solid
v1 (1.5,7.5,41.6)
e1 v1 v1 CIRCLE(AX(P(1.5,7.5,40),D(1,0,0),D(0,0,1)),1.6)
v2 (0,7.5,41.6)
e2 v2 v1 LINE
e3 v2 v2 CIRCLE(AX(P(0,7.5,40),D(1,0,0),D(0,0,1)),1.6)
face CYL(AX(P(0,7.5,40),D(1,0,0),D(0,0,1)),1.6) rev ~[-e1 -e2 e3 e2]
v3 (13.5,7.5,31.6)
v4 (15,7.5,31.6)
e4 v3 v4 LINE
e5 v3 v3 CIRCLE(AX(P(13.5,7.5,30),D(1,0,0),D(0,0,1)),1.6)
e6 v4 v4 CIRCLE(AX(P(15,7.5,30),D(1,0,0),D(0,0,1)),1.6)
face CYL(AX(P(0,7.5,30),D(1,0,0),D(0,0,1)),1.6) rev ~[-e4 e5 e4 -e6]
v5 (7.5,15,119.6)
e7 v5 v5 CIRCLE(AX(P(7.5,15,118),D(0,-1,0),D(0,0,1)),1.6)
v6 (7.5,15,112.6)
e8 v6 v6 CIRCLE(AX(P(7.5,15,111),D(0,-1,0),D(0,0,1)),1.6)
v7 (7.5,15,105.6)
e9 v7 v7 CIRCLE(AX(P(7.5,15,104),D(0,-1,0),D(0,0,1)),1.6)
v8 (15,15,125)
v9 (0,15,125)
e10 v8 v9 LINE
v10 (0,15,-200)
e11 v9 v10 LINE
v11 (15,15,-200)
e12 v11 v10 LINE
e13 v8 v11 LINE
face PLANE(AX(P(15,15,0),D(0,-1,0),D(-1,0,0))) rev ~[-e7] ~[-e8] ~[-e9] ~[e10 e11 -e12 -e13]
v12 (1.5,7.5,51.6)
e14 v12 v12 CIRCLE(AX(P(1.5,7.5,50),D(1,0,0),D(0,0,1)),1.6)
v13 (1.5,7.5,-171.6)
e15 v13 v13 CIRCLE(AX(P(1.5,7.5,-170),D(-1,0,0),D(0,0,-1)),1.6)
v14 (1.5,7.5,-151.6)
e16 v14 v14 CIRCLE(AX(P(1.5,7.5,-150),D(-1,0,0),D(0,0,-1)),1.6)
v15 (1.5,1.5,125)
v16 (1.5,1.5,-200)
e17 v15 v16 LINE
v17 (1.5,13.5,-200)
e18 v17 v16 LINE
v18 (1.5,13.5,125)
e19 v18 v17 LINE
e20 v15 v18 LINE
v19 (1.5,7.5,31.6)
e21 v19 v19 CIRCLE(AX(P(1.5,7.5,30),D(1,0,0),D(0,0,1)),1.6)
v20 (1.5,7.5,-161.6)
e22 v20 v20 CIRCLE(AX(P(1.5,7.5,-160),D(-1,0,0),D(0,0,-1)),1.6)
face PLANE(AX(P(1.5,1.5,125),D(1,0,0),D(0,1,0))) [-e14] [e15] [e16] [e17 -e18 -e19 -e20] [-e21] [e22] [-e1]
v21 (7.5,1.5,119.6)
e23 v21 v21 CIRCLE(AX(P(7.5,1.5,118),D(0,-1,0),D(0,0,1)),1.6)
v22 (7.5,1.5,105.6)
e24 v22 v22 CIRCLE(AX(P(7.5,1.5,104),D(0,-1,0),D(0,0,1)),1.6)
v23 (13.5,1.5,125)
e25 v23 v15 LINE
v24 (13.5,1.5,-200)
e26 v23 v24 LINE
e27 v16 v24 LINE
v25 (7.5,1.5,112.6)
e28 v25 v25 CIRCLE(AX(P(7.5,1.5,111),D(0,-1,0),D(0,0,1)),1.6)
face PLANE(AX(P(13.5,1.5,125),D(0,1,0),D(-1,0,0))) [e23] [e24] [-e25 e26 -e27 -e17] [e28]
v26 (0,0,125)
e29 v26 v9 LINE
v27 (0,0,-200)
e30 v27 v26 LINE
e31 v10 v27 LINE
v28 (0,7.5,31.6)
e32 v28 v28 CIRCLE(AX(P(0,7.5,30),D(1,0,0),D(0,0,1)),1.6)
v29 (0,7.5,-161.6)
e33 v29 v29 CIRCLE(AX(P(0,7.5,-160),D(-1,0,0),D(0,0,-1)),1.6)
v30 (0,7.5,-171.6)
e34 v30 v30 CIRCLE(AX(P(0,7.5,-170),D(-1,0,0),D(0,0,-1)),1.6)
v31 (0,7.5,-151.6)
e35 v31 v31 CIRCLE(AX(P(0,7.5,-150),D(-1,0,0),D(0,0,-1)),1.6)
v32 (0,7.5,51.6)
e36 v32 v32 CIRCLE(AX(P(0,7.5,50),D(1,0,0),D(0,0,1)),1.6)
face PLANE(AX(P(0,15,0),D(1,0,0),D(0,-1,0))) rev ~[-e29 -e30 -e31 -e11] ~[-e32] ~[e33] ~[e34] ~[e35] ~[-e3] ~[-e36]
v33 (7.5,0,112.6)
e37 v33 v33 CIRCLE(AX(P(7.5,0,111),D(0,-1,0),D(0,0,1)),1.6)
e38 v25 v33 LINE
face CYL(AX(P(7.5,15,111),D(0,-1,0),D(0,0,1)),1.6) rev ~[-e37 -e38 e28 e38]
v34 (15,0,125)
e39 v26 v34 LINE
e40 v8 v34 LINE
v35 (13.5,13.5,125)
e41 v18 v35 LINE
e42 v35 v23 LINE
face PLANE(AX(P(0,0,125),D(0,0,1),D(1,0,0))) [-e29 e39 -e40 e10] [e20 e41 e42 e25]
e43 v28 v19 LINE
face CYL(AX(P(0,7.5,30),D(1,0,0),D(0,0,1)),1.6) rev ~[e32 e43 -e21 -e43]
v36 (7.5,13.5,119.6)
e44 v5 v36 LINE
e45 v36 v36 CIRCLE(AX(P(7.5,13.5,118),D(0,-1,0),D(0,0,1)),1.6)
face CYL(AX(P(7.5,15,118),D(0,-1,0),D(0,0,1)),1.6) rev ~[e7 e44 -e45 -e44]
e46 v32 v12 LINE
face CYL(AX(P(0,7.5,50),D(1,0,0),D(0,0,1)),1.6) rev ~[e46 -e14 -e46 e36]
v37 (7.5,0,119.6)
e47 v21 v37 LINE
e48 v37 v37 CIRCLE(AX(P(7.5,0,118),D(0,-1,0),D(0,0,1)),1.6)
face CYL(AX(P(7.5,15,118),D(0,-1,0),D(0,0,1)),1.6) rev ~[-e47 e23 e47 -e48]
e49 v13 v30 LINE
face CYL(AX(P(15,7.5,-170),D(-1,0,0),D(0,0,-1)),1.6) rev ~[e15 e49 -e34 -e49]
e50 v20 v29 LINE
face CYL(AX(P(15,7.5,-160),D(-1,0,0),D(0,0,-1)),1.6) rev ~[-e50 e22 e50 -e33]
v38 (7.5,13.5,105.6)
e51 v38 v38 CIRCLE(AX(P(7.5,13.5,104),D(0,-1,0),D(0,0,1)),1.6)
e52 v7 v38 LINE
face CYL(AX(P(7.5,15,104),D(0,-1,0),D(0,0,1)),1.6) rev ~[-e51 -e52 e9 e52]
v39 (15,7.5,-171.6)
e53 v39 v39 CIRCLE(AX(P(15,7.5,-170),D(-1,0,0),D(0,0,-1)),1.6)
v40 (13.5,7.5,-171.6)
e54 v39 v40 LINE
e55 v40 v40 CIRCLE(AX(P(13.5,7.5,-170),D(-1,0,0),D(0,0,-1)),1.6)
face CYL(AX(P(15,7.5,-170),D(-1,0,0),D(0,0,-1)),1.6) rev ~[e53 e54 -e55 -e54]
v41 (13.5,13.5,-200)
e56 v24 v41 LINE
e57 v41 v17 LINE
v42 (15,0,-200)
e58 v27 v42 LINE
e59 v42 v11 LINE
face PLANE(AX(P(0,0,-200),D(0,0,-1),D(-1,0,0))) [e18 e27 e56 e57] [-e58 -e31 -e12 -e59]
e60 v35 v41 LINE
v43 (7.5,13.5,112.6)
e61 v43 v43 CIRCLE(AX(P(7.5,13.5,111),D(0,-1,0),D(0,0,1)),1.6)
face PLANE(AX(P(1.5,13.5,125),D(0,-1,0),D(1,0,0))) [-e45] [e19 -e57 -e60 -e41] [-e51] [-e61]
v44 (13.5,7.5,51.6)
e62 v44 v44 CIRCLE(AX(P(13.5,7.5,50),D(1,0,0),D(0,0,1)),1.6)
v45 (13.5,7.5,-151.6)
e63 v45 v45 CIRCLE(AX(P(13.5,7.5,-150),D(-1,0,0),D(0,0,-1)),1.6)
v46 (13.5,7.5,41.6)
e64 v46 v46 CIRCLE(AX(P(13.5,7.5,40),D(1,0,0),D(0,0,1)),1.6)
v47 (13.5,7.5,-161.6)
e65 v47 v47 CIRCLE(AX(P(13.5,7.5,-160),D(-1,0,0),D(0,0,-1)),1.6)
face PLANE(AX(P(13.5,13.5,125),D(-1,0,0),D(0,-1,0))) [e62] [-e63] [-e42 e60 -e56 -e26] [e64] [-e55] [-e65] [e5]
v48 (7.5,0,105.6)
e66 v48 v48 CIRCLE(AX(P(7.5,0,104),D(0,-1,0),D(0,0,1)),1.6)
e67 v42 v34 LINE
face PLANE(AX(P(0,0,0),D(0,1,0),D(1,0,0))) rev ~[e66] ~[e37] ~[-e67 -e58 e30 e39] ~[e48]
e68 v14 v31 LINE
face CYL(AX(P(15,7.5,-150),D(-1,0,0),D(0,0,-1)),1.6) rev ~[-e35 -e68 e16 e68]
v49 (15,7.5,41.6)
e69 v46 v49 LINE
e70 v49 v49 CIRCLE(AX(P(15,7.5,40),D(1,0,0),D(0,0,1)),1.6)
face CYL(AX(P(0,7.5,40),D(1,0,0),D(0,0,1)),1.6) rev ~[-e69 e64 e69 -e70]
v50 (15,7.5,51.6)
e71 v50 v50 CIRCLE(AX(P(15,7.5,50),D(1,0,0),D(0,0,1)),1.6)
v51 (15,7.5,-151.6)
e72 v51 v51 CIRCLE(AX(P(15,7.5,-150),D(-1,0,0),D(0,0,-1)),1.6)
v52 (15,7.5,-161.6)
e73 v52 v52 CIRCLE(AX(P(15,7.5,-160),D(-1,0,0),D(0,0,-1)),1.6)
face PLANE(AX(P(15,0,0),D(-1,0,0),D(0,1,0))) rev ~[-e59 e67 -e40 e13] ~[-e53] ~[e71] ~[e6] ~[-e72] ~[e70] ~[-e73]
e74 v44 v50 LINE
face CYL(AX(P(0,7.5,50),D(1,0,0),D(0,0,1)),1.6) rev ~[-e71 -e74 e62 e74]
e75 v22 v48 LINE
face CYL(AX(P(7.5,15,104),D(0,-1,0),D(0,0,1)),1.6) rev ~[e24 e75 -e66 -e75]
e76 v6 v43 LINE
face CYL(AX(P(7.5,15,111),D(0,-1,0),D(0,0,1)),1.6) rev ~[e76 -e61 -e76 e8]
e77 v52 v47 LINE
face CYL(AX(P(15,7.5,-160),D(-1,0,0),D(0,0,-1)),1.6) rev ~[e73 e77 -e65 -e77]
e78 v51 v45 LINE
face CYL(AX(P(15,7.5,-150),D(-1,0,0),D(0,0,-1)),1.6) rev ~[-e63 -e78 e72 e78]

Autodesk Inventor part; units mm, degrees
ref_plane "YZ Plane" through (0, 0, 0) normal (1, 0, 0) x (0, 1, 0)
ref_plane "XZ Plane" through (0, 0, 0) normal (0, 1, 0) x (-1, 0, 0)
ref_plane "XY Plane" through (0, 0, 0) normal (0, 0, 1) x (1, 0, 0)
sketch "スケッチ1" plane through (0, 0, 0) normal (0, 0, 1) x (1, 0, 0)
  line L0 (0, 0) -> (15, 0)
  line L1 (15, 0) -> (15, 15)
  line L2 (15, 15) -> (0, 15)
  line L3 (0, 15) -> (0, 0)
  dimension "d0" = 15
  dimension "d1" = 15
extrude "押し出し1" add sketch "スケッチ1" along normal blind 140
sketch "スケッチ3" plane through (0, 0, 0) normal (0, 0, -1) x (-1, 0, 0)
  line L0 (0, 0) -> (-15, 0)
  line L1 (-15, 0) -> (-15, 15)
  line L2 (-15, 15) -> (0, 15)
  line L3 (0, 15) -> (0, 0)
  dimension "d18" = 15
  dimension "d19" = 15
extrude "押し出し2" add sketch "スケッチ3" along normal blind 200
sketch "スケッチ4" plane through (0, 0, -200) normal (0, 0, -1) x (-1, 0, 0)
  point P0 (0, 0)
sketch "スケッチ6" plane through (0, 0, 140) normal (0, 0, 1) x (1, 0, 0)
  line L0 (0, 0) -> (0, 15) projected
  line L1 (15, 15) -> (15, 0) projected
  line L2 (0, 0) -> (15, 0)
  line L3 (15, 0) -> (15, 15)
  line L4 (15, 15) -> (0, 15)
  line L5 (0, 15) -> (0, 0)
extrude "押し出し3" cut sketch "スケッチ6" against normal blind 15
sketch "スケッチ7" plane through (0, 0, 125) normal (0, 0, 1) x (1, 0, 0)
  point P0 (0, 0)
  point P1 (0, 0)
sketch "スケッチ8" plane through (0, 0, -200) normal (-1, 0, 0) x (0, 0, 1)
  circle A0 centre (240, 7.5) radius 1.6
  line L0 (0, 15) -> (325, 15) projected
  line L1 (325, 0) -> (325, 15) projected
  point P0 (200, 0)
  dimension "d34" = 3.2
  dimension "d35" = 7.5
  dimension "d36" = 85
hole "穴3" at (0, 7.5, 40) direction (1, 0, 0) diameter 3.2 end through all
sketch "スケッチ9" plane through (0, 0, -200) normal (-1, 0, 0) x (0, 0, 1)
  circle A0 centre (250, 7.5) radius 1.6
  line L0 (0, 0) -> (325, 0) projected
  line L1 (325, 0) -> (325, 15) projected
  circle A1 centre (230, 7.5) radius 1.6
  point P0 (200, 0)
  dimension "d44" = 3.2
  dimension "d45" = 7.5
  dimension "d46" = 75
  dimension "d47" = 3.2
  dimension "d48" = 7.5
  dimension "d49" = 20
hole "穴4" at (0, 7.5, 30) at (0, 7.5, 50) direction (1, 0, 0) diameter 3.2 end through all
sketch "スケッチ10" plane through (0, 15, -200) normal (0, 1, 0) x (1, 0, 0)
  circle A0 centre (7.5, -318) radius 1.6
  line L0 (0, 0) -> (0, -325) projected
  line L1 (0, -325) -> (15, -325) projected
  circle A1 centre (7.5, -311) radius 1.6
  circle A2 centre (7.5, -304) radius 1.6
  point P0 (0, -200)
  dimension "d57" = 3.2
  dimension "d58" = 7.5
  dimension "d59" = 7
  dimension "d60" = 3.2
  dimension "d61" = 3.2
  dimension "d62" = 7
  dimension "d63" = 7
hole "穴5" at (7.5, 15, 104) at (7.5, 15, 111) at (7.5, 15, 118) direction (0, -1, 0) diameter 3.2 end through all
sketch "スケッチ11" plane through (15, 0, -200) normal (1, 0, 0) x (0, 0, -1)
  line L0 (0, 15) -> (0, 0) projected
  line L1 (-325, 0) -> (0, 0) projected
  point P0 (-200, 0)
  point P1 (-30, 7.5)
  point P2 (-40, 7.5)
  point P3 (-50, 7.5)
  dimension "d71" = 30
  dimension "d72" = 7.5
  dimension "d73" = 10
  dimension "d74" = 10
hole "穴6" at (15, 7.5, -150) at (15, 7.5, -160) at (15, 7.5, -170) direction (-1, 0, 0) diameter 3.2 end through all
sketch "スケッチ12" plane through (0, 0, 125) normal (0, 0, 1) x (1, 0, 0)
  line L0 (1.5, 13.5) -> (13.5, 13.5)
  line L1 (13.5, 13.5) -> (13.5, 1.5)
  line L2 (13.5, 1.5) -> (1.5, 1.5)
  line L3 (1.5, 1.5) -> (1.5, 13.5)
  line L4 (0, 15) -> (15, 15) projected
  line L5 (0, 0) -> (0, 15) projected
  dimension "d82" = 12
  dimension "d83" = 12
  dimension "d84" = 1.5
  dimension "d85" = 1.5
extrude "押し出し4" cut sketch "スケッチ12" against normal blind 450
sketch "スケッチ13" plane through (0, 15, -200) normal (0, 1, 0) x (1, 0, 0)
  point P0 (0, -200)
properties part number "射出_角柱5" material "アルミニウム 6061"
